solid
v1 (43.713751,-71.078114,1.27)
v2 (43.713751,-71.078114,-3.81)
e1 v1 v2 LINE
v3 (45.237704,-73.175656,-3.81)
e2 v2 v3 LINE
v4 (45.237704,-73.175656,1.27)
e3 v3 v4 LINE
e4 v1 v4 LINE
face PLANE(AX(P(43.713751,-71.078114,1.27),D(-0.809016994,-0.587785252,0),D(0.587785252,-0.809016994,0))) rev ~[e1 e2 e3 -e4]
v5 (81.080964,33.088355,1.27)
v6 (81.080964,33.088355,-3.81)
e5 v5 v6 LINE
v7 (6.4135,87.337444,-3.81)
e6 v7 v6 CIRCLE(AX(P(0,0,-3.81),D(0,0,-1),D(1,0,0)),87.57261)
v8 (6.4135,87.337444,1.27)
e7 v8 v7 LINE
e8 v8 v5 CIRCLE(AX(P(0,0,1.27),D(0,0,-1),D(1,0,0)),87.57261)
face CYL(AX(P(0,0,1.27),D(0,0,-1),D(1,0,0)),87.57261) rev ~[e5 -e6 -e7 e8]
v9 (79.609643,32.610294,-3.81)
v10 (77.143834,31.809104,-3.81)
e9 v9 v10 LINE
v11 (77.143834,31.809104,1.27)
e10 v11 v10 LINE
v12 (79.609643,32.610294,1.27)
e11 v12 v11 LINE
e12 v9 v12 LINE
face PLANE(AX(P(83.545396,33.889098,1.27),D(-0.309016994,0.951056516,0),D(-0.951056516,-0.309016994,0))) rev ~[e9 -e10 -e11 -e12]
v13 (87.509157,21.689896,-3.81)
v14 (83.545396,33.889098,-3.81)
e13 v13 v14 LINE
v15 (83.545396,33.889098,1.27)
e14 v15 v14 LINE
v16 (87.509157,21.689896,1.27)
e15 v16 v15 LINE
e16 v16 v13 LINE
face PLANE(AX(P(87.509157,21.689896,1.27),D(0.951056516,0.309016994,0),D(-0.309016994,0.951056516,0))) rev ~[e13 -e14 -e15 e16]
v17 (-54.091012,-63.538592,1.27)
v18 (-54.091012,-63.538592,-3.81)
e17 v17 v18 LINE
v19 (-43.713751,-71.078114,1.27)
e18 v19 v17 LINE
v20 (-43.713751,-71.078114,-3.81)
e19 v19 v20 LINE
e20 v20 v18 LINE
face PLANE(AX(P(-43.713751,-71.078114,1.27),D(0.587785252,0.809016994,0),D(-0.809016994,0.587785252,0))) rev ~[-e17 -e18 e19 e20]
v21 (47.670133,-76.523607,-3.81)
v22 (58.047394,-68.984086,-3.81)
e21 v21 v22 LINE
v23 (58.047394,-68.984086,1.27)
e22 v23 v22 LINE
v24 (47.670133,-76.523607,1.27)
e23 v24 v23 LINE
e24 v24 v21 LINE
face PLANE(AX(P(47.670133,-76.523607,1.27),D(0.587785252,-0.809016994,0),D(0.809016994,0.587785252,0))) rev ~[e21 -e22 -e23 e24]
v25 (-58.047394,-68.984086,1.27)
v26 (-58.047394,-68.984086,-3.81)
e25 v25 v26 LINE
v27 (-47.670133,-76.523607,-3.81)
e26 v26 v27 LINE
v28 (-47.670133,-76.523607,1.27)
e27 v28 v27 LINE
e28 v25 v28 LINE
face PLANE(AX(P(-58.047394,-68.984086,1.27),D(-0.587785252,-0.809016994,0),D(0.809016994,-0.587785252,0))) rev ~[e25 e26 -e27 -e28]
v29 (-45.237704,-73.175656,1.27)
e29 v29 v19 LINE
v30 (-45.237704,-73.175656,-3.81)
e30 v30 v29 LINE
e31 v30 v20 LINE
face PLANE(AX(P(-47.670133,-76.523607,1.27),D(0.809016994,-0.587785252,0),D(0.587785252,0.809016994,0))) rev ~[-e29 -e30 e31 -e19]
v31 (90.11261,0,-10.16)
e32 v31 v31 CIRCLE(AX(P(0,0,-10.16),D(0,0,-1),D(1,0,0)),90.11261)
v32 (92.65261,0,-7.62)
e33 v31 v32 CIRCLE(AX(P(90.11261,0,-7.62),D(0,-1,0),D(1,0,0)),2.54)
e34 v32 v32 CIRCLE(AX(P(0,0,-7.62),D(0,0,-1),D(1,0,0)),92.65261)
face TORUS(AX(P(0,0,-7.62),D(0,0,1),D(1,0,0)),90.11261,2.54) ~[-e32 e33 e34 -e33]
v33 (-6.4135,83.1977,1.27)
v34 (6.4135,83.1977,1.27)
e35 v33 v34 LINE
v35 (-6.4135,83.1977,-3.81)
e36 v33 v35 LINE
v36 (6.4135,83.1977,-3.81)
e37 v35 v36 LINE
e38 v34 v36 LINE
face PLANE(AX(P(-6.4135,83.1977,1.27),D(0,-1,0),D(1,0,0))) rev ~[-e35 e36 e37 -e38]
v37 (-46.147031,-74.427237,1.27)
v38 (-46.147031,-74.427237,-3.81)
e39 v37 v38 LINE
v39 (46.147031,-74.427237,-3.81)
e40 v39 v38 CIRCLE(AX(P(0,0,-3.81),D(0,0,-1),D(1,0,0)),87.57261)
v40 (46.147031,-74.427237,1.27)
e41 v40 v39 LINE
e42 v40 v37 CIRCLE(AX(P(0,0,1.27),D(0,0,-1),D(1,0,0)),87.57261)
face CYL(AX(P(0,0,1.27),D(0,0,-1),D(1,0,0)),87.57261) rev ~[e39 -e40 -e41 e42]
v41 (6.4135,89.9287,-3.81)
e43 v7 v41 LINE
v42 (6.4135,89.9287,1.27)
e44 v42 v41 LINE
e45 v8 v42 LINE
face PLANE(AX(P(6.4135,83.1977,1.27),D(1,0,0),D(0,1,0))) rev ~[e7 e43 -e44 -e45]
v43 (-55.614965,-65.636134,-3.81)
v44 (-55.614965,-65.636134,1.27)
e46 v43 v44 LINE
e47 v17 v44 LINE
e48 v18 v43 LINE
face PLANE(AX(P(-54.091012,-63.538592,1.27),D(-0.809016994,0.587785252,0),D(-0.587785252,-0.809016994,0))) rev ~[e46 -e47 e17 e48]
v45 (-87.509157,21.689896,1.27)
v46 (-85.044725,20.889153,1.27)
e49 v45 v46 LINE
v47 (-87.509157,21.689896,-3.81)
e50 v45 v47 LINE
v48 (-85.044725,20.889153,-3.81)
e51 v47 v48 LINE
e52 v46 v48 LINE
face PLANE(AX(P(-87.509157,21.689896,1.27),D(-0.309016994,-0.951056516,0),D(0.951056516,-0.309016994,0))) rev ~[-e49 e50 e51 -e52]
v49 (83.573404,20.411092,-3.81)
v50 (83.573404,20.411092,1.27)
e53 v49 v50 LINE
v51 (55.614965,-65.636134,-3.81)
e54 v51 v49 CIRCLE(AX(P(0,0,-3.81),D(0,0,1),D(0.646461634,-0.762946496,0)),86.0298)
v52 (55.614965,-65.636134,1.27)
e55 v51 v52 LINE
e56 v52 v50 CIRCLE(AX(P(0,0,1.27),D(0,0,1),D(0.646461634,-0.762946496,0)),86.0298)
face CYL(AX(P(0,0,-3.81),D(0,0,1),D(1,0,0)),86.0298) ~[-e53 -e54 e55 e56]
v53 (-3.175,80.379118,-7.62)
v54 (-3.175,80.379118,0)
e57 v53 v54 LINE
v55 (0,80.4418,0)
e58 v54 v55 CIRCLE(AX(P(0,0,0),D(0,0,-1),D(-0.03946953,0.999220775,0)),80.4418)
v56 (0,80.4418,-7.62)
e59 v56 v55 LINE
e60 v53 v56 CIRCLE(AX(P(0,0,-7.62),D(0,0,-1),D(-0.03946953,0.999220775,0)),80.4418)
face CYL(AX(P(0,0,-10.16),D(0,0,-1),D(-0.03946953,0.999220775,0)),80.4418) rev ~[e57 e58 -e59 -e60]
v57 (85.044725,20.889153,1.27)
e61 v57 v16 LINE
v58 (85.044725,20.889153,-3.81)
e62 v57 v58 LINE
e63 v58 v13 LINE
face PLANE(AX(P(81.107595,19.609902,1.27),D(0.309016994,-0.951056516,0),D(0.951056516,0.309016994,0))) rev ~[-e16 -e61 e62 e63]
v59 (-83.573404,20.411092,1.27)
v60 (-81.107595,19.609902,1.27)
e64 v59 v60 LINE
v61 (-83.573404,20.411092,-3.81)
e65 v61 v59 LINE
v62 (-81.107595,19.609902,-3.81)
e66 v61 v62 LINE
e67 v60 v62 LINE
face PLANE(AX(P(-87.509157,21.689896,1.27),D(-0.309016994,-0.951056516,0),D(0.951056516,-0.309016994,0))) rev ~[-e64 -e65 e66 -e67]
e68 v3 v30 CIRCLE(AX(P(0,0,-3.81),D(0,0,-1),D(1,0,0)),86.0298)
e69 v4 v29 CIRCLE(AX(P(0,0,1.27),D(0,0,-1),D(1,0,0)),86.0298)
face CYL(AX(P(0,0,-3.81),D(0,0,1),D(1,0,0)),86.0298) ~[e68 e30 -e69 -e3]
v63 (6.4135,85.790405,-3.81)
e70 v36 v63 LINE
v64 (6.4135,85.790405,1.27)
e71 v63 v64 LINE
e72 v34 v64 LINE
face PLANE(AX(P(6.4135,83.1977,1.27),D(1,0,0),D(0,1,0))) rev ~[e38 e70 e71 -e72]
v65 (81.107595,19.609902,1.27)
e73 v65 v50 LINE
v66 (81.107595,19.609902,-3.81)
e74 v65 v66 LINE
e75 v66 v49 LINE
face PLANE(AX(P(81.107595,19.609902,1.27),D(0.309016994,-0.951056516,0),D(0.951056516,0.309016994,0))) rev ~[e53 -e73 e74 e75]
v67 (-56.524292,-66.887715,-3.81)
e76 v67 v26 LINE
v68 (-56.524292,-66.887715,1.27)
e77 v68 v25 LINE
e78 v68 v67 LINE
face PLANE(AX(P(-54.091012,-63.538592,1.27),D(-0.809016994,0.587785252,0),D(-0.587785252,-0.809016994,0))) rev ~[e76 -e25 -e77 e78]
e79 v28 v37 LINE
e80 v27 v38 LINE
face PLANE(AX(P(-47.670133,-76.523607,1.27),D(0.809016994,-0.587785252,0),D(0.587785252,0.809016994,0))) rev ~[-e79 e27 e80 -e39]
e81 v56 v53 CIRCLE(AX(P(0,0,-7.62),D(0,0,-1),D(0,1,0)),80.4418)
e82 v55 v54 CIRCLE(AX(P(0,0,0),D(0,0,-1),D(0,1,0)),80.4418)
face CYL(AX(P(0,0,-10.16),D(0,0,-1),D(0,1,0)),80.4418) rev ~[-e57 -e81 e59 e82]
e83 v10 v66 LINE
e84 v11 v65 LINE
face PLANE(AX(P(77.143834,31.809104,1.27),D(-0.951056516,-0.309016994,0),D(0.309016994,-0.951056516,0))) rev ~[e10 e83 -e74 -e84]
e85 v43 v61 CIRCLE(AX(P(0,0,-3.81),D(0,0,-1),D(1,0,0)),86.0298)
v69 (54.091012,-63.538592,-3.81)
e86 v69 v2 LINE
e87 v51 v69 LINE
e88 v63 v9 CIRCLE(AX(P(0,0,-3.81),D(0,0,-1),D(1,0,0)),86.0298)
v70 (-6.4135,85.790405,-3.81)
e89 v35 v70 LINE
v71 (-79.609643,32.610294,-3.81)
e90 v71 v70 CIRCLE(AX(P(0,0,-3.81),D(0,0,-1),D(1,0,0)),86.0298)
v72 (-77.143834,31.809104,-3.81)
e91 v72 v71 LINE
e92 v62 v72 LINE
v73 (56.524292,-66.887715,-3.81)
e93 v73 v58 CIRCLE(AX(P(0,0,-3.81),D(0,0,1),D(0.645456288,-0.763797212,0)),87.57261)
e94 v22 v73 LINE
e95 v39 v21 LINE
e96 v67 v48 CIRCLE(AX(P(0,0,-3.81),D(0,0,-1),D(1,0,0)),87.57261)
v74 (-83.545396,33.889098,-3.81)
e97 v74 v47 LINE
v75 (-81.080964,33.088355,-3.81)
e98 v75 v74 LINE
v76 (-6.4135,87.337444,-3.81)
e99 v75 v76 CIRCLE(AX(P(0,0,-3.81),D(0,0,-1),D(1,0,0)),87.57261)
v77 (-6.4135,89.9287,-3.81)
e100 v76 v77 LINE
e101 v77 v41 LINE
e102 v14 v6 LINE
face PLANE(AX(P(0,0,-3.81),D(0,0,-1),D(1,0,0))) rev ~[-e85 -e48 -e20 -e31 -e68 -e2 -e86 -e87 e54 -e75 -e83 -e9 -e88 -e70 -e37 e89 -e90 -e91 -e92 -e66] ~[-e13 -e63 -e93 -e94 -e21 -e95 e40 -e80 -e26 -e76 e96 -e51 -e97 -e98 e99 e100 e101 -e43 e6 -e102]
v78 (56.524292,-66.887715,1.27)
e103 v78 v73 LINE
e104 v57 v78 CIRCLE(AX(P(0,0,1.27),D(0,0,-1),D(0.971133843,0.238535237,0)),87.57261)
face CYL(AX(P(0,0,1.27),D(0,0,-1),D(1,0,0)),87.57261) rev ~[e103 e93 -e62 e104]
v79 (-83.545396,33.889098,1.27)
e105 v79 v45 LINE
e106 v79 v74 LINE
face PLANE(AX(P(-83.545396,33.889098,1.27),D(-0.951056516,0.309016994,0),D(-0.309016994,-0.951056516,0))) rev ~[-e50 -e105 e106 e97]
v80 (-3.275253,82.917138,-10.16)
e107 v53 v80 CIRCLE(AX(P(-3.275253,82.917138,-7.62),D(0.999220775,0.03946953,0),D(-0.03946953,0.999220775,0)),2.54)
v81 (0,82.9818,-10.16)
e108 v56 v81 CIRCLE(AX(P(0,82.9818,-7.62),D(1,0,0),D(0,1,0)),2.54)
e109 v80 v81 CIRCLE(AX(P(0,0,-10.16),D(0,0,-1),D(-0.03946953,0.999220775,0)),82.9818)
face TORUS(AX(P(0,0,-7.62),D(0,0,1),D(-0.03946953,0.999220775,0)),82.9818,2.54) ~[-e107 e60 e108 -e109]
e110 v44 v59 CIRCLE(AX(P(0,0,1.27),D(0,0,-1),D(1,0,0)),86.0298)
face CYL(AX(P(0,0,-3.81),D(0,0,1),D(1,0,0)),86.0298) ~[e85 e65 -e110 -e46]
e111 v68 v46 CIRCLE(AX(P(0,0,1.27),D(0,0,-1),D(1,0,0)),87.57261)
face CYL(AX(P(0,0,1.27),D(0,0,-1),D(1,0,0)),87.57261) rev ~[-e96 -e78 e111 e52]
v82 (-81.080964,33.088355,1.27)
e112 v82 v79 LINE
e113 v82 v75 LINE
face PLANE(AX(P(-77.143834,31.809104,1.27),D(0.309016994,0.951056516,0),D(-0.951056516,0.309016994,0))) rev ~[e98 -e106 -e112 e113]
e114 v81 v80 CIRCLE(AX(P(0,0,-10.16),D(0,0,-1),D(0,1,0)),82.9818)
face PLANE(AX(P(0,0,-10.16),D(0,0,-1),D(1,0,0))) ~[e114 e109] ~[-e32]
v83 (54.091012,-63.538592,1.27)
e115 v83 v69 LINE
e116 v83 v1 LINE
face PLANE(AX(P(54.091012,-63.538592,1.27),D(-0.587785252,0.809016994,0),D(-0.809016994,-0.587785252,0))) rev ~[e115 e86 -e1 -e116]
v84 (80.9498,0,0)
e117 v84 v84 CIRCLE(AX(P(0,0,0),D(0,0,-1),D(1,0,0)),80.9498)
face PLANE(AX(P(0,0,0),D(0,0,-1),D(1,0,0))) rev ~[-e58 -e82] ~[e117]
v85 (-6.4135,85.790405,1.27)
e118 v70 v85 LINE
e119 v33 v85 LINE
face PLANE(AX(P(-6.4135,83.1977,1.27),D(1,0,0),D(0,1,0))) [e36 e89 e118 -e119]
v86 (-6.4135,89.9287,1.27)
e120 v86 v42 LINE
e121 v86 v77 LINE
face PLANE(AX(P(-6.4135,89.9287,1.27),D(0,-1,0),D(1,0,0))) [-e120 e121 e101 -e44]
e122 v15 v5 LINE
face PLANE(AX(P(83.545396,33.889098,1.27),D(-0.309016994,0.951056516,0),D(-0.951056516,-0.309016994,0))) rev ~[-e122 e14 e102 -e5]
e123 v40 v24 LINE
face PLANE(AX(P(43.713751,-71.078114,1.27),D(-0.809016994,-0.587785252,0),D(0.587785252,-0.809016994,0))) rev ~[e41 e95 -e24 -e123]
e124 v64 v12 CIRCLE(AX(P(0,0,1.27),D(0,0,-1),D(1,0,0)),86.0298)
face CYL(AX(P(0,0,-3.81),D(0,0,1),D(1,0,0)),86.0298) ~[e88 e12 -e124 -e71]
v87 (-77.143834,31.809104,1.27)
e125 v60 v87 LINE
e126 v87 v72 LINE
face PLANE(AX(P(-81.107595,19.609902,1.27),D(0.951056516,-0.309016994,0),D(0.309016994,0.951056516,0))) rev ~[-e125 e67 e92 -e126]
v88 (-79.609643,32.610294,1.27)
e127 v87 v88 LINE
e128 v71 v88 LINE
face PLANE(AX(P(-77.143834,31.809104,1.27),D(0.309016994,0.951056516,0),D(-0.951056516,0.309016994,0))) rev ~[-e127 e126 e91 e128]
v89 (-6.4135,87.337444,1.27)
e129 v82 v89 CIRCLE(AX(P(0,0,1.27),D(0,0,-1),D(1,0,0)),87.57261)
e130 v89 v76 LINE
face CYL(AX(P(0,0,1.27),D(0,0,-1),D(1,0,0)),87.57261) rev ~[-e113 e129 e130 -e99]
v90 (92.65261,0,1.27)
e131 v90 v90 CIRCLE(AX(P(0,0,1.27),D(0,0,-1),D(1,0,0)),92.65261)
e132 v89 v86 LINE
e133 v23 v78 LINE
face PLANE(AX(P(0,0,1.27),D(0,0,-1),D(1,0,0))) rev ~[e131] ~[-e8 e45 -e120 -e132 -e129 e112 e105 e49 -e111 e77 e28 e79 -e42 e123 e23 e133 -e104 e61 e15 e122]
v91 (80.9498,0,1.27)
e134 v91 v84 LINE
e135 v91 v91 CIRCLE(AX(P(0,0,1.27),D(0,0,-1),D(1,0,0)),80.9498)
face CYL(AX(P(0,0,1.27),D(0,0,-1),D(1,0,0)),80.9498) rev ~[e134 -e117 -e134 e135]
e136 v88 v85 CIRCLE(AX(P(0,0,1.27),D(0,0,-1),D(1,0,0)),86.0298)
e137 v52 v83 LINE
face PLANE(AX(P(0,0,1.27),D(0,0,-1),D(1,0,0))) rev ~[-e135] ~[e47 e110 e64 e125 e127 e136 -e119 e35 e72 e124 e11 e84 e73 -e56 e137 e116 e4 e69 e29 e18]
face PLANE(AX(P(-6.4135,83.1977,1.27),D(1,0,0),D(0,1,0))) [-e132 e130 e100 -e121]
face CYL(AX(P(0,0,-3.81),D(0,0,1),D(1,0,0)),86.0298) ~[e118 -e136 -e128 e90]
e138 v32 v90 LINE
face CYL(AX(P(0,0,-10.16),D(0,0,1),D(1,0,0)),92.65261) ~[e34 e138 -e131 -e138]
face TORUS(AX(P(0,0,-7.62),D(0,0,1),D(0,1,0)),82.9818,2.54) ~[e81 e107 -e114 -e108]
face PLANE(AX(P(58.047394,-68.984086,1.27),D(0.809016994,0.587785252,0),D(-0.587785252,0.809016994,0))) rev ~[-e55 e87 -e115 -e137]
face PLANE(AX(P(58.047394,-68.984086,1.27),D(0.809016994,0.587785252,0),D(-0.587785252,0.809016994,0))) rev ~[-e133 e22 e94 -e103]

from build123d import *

# Parameters (mm, degrees)
F1_FACE1_R   = 80.9498
F1_FACE1_R_2 = 5.08
F3_DEPTH     = 25.4
F4_R         = 2.54
F5_W         = 12.827
F5_H         = 6.731
F6_DEPTH     = 5.08


with BuildPart() as f1:
    # F0 (on Front) → F1 (revolve)
    with BuildSketch(Plane.XZ):
        Polygon((80.9498, 0), (5.08, 0), (5.08, -10.16), (92.6526099873, -10.16), (92.6526099873, 1.27), (87.5726099873, 1.27), (87.5726099873, -3.81), (86.0298, -3.81), (86.0298, 1.27), (80.9498, 1.27), align=None)
    revolve(axis=Axis((0, 0, -1.5273375125), (0, 0, -1)))

    # F2 (on face) + F1_face1 (on face) → F3 (cut)
    with BuildSketch(Plane(origin=(0, 0, -10.16), x_dir=(1, 0, 0), z_dir=(0, 0, -1))):
        with BuildLine():
            ThreePointArc((80.3791177001, -3.175), (56.8809422709, 56.8809422709), (-3.175, 80.3791177001))
            ThreePointArc((-3.175, 80.3791177001), (-56.8809422709, 56.8809422709), (-80.3791177001, 3.175))
            ThreePointArc((-80.3791177001, 3.175), (-59.0816832218, -54.5915551612), (-3.175, -80.3791177001))
            ThreePointArc((-3.175, -80.3791177001), (-1.5878093455, -80.4261278984), (0, -80.4418))
            ThreePointArc((0, -80.4418), (55.7471096661, -57.9926111769), (80.3791177001, -3.175))
        make_face()
    with BuildSketch(Plane.XY):
        Circle(F1_FACE1_R)
        Circle(F1_FACE1_R_2, mode=Mode.SUBTRACT)
    extrude(amount=-F3_DEPTH, dir=(0, 0, -1), mode=Mode.SUBTRACT)

    # F4
    f4_edges = [f1.edges().sort_by_distance(p)[0] for p in [
        (3.175, 80.379118, -10.16),
        (-92.65261, 0, -10.16),
    ]]
    fillet(f4_edges, radius=F4_R)

    # F5 (on face) → F6 (cut)
    with BuildSketch(Plane.XY.offset(1.27)):
        with Locations((0, 86.5632)):
            Rectangle(F5_W, F5_H)
        Polygon((-83.5453956435, 33.8890975493), (-87.5091566304, 21.6898956148), (-81.1075952192, 19.6099022256), (-77.1438342323, 31.8091041602), align=None)
        Polygon((-58.0473941113, -68.9840858665), (-47.6701331244, -76.5236072976), (-43.7137505912, -71.0781139085), (-54.0910115781, -63.5385924773), align=None)
        Polygon((47.6701331244, -76.5236072976), (58.0473941113, -68.9840858665), (54.0910115781, -63.5385924773), (43.7137505912, -71.0781139085), align=None)
        Polygon((87.5091566304, 21.6898956148), (83.5453956435, 33.8890975493), (77.1438342323, 31.8091041602), (81.1075952192, 19.6099022256), align=None)
    extrude(amount=-F6_DEPTH, mode=Mode.SUBTRACT)


with BuildPart() as f7_1:
    # F7: copy of F1
    add(f1.part)


solid = f1.part
